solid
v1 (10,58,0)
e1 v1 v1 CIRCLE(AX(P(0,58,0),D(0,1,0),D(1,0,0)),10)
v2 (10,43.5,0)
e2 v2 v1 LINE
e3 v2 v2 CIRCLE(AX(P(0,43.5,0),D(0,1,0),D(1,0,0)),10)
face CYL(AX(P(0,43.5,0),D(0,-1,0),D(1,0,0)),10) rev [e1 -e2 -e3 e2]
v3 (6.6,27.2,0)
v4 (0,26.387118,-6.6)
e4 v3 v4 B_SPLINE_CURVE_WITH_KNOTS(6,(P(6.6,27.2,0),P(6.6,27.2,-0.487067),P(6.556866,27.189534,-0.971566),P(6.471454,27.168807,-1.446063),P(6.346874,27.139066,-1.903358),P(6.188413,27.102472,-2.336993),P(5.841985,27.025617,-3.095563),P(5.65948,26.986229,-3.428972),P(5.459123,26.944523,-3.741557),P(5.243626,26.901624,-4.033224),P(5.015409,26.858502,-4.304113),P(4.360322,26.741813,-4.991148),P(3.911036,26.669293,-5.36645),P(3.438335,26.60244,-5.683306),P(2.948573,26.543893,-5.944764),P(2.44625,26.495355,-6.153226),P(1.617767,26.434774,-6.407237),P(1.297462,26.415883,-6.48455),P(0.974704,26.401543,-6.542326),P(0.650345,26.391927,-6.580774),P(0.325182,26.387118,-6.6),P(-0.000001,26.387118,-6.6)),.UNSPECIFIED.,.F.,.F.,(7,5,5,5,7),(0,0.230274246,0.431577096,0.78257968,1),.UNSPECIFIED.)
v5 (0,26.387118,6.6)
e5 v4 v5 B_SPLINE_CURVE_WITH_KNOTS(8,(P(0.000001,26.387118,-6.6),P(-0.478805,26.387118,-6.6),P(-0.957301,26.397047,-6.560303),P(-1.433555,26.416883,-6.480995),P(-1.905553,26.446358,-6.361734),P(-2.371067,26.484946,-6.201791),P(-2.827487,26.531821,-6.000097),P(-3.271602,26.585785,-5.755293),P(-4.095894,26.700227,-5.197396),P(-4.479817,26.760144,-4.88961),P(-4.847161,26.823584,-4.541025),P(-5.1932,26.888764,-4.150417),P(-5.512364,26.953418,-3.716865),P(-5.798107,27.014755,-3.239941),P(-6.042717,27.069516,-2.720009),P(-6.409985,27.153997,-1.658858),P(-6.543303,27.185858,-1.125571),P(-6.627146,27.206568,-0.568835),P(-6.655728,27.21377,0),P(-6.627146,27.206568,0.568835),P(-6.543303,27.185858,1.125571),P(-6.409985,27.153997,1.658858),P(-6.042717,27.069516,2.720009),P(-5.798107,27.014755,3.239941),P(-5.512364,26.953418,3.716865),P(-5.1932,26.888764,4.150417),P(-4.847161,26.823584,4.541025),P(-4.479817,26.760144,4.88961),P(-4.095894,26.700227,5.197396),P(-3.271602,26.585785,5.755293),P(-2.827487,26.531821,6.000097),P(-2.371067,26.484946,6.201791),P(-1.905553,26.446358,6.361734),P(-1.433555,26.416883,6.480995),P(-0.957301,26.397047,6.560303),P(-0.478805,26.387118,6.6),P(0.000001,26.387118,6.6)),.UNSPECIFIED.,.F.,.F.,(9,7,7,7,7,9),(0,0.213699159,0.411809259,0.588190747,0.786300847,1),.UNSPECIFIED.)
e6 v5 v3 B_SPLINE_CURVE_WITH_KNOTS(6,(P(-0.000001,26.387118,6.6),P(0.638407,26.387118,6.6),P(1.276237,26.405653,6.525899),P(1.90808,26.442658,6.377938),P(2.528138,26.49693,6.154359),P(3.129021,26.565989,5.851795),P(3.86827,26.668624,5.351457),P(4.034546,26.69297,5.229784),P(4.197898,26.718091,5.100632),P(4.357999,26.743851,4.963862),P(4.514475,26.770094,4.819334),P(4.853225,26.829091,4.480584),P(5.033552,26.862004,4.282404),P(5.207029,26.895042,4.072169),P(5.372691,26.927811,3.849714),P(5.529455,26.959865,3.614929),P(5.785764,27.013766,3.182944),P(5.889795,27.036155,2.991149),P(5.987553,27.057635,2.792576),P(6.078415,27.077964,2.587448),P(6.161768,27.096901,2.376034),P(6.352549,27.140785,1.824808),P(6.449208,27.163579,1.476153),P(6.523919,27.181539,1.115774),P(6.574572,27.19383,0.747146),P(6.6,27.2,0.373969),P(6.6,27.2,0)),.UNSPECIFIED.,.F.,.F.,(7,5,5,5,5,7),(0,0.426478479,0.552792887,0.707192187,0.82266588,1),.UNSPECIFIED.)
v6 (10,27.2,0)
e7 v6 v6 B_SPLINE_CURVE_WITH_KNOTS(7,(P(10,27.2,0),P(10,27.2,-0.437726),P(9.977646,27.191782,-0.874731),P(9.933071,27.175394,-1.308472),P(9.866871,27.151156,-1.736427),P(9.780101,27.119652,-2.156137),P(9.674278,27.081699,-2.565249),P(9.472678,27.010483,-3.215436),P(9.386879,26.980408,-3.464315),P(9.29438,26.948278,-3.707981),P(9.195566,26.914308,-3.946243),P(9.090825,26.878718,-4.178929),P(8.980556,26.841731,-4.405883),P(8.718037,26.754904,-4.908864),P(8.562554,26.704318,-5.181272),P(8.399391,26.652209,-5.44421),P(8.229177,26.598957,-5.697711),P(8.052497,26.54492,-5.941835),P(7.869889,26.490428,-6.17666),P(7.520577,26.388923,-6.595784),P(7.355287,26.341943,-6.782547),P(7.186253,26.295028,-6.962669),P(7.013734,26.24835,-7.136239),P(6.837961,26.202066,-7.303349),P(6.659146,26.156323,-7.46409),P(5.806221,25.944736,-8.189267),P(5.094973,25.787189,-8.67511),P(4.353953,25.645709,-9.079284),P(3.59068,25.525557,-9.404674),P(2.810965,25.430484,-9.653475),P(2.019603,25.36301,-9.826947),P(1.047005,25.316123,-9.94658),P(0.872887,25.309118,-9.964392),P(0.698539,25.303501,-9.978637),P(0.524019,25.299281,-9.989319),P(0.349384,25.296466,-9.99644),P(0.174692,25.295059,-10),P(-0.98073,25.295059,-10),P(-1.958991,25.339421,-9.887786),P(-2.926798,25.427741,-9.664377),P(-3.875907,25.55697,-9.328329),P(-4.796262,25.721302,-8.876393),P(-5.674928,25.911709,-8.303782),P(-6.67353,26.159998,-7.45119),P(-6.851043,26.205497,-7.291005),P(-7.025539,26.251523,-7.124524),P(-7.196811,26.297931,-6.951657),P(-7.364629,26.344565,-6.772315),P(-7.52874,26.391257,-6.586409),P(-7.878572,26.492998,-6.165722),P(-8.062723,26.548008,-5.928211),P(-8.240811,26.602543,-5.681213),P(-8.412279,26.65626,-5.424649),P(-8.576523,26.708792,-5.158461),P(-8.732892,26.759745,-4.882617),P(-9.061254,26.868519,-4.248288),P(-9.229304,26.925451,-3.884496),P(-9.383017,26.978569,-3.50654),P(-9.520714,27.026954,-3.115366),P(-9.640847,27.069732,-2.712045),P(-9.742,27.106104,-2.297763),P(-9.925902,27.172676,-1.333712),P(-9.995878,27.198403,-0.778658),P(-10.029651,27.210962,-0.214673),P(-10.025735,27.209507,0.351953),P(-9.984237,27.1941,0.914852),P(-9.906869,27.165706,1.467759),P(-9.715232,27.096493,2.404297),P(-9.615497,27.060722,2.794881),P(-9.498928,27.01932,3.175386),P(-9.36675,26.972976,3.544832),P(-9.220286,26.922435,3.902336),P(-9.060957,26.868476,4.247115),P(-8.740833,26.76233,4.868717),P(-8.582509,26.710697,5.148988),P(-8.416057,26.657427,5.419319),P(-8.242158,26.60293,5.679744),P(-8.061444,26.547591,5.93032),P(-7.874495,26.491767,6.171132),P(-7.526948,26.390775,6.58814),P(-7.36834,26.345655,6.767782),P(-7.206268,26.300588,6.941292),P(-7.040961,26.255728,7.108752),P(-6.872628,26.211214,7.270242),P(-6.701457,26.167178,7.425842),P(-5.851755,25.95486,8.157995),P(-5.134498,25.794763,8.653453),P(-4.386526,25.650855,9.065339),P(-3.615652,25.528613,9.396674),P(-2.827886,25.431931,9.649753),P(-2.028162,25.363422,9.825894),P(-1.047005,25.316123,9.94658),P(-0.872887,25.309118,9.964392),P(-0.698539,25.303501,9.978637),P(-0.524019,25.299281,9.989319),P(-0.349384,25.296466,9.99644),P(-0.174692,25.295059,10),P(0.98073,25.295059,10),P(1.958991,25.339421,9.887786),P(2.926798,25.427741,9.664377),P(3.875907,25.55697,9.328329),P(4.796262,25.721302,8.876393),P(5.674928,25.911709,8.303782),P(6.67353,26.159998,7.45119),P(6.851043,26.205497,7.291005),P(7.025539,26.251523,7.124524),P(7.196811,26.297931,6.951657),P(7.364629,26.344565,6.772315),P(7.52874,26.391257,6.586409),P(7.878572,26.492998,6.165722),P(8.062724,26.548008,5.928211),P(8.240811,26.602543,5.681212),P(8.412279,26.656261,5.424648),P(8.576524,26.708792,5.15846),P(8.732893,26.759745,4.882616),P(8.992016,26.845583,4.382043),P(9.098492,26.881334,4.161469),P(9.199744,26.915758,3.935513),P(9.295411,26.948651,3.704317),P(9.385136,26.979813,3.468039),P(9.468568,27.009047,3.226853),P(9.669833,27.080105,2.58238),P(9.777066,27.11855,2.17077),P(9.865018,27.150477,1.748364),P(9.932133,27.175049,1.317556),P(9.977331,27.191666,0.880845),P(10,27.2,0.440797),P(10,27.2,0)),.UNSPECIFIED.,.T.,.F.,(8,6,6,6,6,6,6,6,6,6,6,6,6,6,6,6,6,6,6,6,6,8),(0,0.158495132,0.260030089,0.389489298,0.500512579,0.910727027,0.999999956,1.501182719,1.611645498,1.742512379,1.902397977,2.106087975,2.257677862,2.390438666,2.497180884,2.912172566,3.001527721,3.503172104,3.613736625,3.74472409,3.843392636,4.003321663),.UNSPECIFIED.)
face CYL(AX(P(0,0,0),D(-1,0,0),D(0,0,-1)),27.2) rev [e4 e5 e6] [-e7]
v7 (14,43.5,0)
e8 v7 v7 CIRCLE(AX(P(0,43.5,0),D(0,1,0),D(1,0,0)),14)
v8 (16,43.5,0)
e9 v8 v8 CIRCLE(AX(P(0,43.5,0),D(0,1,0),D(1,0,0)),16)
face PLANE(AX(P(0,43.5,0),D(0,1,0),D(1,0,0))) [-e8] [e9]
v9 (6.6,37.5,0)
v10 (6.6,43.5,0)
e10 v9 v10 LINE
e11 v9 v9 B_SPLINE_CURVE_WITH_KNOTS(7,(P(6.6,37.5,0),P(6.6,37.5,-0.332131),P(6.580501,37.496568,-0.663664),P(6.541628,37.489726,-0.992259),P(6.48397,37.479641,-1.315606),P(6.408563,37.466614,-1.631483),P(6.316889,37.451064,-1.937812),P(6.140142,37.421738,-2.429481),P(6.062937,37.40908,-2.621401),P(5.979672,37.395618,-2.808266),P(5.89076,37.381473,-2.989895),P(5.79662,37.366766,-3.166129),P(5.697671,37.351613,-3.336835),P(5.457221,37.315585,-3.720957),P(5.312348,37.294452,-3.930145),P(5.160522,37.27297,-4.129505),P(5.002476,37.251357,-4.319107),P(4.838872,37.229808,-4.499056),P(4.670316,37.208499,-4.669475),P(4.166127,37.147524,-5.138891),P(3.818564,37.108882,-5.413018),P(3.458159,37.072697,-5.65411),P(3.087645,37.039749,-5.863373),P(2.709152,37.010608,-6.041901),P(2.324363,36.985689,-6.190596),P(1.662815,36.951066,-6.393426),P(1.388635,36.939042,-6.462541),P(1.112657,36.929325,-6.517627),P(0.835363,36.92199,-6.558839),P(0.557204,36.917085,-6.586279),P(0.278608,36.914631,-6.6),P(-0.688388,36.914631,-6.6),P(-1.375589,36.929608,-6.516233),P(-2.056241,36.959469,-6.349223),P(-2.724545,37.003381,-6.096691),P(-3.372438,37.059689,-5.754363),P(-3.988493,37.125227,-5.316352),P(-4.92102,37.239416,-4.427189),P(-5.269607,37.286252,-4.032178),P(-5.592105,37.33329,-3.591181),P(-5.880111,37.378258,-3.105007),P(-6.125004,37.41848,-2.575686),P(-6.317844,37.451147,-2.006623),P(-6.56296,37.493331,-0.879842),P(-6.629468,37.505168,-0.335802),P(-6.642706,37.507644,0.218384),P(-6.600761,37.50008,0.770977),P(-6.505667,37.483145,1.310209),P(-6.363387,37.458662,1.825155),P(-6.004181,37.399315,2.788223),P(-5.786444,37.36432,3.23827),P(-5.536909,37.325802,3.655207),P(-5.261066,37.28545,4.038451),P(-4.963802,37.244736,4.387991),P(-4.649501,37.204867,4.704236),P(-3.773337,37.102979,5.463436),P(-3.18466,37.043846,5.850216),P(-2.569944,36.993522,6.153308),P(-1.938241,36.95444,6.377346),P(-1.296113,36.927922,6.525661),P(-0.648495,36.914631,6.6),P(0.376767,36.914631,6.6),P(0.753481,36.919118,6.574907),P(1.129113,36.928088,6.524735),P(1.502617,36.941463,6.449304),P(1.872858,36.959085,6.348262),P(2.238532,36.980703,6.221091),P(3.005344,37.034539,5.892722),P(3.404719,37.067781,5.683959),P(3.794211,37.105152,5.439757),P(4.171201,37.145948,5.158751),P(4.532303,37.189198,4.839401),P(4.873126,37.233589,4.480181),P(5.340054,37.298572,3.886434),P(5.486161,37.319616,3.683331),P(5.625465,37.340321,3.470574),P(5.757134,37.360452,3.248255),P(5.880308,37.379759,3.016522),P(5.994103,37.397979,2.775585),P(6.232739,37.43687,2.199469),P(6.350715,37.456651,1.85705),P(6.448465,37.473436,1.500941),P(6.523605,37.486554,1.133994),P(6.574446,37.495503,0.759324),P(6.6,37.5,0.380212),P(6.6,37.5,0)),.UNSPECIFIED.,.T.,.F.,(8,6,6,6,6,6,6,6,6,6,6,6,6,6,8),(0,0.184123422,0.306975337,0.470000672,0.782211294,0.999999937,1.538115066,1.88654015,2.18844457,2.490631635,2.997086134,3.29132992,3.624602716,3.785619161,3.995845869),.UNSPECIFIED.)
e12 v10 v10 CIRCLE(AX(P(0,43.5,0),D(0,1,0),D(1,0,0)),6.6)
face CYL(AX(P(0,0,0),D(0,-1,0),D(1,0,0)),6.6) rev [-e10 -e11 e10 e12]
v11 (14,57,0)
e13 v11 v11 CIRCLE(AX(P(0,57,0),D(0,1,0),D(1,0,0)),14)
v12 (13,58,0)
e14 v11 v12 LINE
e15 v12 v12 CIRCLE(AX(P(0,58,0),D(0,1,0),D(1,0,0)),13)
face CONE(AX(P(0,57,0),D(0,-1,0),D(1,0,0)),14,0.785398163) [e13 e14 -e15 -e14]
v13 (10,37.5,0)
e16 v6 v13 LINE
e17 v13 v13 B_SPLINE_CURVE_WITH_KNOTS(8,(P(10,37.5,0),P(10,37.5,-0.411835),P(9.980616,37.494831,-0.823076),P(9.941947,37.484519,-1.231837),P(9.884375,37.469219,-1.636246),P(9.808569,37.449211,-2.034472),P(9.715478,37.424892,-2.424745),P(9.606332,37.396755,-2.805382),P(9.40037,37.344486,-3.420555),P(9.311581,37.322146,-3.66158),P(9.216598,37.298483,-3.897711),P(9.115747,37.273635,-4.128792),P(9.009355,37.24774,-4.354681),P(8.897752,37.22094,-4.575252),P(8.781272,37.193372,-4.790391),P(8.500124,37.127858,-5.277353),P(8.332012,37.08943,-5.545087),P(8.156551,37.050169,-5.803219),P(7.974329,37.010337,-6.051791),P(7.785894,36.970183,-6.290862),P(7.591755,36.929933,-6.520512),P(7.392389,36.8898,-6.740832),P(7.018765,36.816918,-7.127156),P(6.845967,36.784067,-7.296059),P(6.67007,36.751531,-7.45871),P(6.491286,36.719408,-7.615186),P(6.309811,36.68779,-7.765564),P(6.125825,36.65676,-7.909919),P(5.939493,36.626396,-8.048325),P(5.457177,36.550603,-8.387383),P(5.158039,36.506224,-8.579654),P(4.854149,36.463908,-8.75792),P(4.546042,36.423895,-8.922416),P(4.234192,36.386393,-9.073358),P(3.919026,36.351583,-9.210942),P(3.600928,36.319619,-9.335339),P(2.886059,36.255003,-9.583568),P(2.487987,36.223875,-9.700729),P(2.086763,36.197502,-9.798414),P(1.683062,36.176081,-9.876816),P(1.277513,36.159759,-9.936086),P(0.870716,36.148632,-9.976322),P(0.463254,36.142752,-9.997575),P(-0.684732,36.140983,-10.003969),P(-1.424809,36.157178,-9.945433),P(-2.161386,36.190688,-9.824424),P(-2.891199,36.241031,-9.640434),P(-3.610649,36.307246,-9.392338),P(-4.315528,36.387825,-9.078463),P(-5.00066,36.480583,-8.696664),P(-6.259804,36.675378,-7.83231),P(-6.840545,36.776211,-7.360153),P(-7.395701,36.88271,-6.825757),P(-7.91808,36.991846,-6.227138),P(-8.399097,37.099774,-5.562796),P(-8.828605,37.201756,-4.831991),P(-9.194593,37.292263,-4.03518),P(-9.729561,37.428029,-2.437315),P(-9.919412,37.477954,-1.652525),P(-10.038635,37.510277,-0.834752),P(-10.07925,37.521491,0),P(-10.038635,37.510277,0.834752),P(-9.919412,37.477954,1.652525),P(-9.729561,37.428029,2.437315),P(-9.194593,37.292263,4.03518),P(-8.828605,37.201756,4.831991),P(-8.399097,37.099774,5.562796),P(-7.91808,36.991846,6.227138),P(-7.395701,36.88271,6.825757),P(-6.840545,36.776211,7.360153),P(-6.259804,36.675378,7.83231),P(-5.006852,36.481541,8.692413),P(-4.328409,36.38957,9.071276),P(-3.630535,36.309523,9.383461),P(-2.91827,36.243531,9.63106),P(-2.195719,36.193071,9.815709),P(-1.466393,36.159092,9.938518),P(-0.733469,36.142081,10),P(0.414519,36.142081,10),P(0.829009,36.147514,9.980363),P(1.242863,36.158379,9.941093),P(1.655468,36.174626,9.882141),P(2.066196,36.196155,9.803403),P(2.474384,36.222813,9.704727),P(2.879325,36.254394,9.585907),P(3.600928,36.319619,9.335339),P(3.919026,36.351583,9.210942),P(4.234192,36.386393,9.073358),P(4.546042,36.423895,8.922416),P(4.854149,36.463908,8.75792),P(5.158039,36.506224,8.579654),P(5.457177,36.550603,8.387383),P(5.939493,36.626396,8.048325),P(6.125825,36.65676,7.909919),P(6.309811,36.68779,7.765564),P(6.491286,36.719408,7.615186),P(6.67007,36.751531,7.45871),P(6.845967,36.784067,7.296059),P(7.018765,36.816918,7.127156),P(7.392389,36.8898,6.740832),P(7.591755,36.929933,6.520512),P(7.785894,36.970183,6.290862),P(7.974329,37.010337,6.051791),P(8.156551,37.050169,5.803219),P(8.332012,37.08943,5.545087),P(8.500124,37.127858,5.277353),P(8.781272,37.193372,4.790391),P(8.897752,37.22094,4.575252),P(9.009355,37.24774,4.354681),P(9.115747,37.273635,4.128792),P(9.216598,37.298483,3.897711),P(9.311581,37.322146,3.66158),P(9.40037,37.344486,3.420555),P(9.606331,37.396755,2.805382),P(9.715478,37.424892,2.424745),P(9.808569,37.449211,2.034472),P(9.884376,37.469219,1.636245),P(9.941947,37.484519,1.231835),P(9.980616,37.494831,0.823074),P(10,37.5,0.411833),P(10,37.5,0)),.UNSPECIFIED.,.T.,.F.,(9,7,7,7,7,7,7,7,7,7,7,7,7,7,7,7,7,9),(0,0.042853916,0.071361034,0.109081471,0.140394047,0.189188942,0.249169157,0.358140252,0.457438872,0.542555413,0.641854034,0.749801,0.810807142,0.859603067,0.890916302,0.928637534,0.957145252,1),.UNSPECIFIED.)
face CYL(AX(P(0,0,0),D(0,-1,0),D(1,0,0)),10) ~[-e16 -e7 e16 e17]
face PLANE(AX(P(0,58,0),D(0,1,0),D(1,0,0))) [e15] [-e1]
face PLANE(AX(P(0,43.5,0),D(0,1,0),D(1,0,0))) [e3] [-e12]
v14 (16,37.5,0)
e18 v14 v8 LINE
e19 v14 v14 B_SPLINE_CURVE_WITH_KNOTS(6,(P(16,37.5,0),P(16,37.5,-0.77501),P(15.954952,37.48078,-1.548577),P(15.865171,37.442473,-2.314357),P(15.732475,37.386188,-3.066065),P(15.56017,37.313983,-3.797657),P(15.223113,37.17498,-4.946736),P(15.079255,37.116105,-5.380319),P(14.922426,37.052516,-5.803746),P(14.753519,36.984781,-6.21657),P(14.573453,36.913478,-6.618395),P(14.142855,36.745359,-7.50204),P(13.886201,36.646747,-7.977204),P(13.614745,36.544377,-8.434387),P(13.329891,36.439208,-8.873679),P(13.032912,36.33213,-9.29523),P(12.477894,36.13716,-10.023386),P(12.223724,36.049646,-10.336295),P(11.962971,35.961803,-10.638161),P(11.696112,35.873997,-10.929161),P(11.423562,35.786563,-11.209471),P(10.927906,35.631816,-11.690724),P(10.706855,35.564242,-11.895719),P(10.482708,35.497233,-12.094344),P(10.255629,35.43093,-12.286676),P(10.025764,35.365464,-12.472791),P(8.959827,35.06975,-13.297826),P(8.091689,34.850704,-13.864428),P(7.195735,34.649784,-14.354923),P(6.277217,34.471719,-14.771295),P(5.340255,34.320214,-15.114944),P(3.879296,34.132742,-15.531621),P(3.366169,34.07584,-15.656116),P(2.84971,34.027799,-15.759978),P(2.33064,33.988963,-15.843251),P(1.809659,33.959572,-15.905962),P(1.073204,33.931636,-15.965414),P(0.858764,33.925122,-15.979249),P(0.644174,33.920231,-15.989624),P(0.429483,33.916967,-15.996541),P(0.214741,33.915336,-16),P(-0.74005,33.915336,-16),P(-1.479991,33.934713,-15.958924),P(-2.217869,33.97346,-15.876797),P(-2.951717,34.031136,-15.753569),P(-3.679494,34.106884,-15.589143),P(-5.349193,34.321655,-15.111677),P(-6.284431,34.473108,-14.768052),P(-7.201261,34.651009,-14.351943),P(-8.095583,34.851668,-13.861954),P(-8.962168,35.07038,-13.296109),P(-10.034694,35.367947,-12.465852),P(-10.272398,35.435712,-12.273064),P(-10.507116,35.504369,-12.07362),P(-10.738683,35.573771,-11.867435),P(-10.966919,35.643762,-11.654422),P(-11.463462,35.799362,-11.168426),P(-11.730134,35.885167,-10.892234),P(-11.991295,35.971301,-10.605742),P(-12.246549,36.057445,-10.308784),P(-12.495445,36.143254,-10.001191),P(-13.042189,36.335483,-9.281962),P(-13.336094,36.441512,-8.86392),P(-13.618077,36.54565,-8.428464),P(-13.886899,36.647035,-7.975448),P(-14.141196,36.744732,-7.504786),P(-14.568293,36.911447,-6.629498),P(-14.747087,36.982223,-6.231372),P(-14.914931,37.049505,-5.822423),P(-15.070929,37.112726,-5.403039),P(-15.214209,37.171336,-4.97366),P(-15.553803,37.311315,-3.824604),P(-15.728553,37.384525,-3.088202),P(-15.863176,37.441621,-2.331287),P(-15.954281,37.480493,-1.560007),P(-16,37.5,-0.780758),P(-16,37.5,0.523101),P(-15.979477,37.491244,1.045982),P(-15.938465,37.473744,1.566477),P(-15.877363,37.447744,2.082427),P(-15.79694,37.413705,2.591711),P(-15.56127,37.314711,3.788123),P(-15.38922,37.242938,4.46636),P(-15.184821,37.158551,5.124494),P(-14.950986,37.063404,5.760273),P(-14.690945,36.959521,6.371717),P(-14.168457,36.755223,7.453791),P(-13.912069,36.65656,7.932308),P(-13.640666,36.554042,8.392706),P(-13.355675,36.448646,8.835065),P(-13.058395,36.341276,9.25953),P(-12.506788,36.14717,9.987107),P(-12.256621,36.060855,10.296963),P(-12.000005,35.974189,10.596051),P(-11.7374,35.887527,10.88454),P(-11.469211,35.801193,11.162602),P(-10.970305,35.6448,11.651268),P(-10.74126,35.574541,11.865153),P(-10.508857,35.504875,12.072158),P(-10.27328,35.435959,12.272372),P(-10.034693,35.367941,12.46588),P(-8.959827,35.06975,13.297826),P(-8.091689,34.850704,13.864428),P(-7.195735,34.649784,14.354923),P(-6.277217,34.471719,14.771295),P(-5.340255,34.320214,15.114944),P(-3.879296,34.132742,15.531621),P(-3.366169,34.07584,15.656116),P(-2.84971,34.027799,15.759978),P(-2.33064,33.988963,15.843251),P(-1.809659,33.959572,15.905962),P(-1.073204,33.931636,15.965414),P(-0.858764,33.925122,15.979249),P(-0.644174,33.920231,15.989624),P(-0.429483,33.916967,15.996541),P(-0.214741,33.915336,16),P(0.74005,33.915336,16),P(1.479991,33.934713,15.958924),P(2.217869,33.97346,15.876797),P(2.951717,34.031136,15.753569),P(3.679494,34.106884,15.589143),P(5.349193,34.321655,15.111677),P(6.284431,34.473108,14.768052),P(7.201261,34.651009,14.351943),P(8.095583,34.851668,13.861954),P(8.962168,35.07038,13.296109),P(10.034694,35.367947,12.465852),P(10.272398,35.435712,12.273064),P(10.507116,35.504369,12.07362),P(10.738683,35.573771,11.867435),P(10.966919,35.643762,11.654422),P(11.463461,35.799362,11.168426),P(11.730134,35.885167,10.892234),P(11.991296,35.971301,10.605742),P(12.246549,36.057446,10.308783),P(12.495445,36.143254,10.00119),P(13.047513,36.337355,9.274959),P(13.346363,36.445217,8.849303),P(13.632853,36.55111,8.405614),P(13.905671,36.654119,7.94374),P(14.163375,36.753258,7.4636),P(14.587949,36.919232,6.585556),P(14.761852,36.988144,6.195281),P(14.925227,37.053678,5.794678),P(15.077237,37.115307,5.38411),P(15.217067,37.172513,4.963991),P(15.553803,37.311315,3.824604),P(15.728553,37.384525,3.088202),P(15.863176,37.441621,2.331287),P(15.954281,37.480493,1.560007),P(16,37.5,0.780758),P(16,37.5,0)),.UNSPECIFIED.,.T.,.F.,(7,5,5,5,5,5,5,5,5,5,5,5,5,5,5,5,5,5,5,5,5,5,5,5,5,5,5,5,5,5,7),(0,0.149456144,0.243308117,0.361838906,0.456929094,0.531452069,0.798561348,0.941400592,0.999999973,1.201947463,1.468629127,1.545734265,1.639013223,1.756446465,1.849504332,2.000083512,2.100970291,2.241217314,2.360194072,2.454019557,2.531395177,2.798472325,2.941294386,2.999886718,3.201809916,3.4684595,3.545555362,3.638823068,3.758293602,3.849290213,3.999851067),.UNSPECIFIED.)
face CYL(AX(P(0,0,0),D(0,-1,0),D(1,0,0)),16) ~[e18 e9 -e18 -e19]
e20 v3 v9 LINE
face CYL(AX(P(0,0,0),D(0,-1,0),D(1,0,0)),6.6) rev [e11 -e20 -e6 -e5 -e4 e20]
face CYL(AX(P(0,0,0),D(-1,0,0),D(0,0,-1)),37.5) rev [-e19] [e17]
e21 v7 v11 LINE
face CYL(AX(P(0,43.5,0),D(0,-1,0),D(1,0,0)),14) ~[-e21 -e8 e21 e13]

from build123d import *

# Parameters (mm, degrees)
SKETCH1_R               = 16
SKETCH1_R_2             = 6.6
BOSS_EXTRUDE1_DEPTH     = 43.5
SKETCH2_R               = 14
SKETCH2_R_2             = 10
BOSS_EXTRUDE2_DEPTH     = 14.5
SKETCH3_R               = 37.5
CUT_EXTRUDE1_DEPTH      = 17
CUT_EXTRUDE1_DEPTH_BACK = 17
BOSS_EXTRUDE3_REACH     = 60
SKETCH4_R               = 10
SKETCH4_R_2             = 6.6
SKETCH5_R               = 27.2
CUT_EXTRUDE2_DEPTH      = 17.0000001
CUT_EXTRUDE2_DEPTH_BACK = 17.0000001
CHAMFER1_SIZE           = 1


with BuildPart() as part:
    # Sketch1 → Boss-Extrude1 (new body)
    with BuildSketch(Plane(origin=(0, 0, 0), x_dir=(1, 0, 0), z_dir=(0, 1, 0))):
        Circle(SKETCH1_R)
        Circle(SKETCH1_R_2, mode=Mode.SUBTRACT)
    extrude(amount=BOSS_EXTRUDE1_DEPTH)

    # Sketch2 → Boss-Extrude2 (add)
    with BuildSketch(Plane(origin=(0, 43.5, 0), x_dir=(1, 0, 0), z_dir=(0, 1, 0))):
        Circle(SKETCH2_R)
        Circle(SKETCH2_R_2, mode=Mode.SUBTRACT)
    extrude(amount=BOSS_EXTRUDE2_DEPTH)

    # Sketch3 → Cut-Extrude1 (cut, two sides)
    with BuildSketch(Plane(origin=(0, 0, 0), x_dir=(0, 0, -1), z_dir=(1, 0, 0))) as cut_extrude1_sk:
        Circle(SKETCH3_R)
    extrude(amount=CUT_EXTRUDE1_DEPTH, mode=Mode.SUBTRACT)
    extrude(cut_extrude1_sk.sketch, amount=-CUT_EXTRUDE1_DEPTH_BACK, mode=Mode.SUBTRACT)

    # Sketch4 → Boss-Extrude3 (add, up to next)
    with BuildSketch(Plane(origin=(0, 0, 0), x_dir=(1, 0, 0), z_dir=(0, 1, 0)), mode=Mode.PRIVATE) as boss_extrude3_sk1:
        Circle(SKETCH4_R)
        Circle(SKETCH4_R_2, mode=Mode.SUBTRACT)
    boss_extrude3_tool1 = extrude(boss_extrude3_sk1.sketch, amount=BOSS_EXTRUDE3_REACH, mode=Mode.PRIVATE) - part.part
    add(boss_extrude3_tool1.solids().sort_by_distance((-9.717157, 0, 0))[0])

    # Sketch5 → Cut-Extrude2 (cut, two sides)
    with BuildSketch(Plane(origin=(0, 0, 0), x_dir=(0, 0, -1), z_dir=(1, 0, 0))) as cut_extrude2_sk:
        Circle(SKETCH5_R)
    extrude(amount=CUT_EXTRUDE2_DEPTH, mode=Mode.SUBTRACT)
    extrude(cut_extrude2_sk.sketch, amount=-CUT_EXTRUDE2_DEPTH_BACK, mode=Mode.SUBTRACT)

    # Chamfer1
    chamfer1_edges = [part.edges().sort_by_distance(p)[0] for p in [
        (-14, 58, 0),
    ]]
    chamfer(chamfer1_edges, length=CHAMFER1_SIZE)


solid = part.part
